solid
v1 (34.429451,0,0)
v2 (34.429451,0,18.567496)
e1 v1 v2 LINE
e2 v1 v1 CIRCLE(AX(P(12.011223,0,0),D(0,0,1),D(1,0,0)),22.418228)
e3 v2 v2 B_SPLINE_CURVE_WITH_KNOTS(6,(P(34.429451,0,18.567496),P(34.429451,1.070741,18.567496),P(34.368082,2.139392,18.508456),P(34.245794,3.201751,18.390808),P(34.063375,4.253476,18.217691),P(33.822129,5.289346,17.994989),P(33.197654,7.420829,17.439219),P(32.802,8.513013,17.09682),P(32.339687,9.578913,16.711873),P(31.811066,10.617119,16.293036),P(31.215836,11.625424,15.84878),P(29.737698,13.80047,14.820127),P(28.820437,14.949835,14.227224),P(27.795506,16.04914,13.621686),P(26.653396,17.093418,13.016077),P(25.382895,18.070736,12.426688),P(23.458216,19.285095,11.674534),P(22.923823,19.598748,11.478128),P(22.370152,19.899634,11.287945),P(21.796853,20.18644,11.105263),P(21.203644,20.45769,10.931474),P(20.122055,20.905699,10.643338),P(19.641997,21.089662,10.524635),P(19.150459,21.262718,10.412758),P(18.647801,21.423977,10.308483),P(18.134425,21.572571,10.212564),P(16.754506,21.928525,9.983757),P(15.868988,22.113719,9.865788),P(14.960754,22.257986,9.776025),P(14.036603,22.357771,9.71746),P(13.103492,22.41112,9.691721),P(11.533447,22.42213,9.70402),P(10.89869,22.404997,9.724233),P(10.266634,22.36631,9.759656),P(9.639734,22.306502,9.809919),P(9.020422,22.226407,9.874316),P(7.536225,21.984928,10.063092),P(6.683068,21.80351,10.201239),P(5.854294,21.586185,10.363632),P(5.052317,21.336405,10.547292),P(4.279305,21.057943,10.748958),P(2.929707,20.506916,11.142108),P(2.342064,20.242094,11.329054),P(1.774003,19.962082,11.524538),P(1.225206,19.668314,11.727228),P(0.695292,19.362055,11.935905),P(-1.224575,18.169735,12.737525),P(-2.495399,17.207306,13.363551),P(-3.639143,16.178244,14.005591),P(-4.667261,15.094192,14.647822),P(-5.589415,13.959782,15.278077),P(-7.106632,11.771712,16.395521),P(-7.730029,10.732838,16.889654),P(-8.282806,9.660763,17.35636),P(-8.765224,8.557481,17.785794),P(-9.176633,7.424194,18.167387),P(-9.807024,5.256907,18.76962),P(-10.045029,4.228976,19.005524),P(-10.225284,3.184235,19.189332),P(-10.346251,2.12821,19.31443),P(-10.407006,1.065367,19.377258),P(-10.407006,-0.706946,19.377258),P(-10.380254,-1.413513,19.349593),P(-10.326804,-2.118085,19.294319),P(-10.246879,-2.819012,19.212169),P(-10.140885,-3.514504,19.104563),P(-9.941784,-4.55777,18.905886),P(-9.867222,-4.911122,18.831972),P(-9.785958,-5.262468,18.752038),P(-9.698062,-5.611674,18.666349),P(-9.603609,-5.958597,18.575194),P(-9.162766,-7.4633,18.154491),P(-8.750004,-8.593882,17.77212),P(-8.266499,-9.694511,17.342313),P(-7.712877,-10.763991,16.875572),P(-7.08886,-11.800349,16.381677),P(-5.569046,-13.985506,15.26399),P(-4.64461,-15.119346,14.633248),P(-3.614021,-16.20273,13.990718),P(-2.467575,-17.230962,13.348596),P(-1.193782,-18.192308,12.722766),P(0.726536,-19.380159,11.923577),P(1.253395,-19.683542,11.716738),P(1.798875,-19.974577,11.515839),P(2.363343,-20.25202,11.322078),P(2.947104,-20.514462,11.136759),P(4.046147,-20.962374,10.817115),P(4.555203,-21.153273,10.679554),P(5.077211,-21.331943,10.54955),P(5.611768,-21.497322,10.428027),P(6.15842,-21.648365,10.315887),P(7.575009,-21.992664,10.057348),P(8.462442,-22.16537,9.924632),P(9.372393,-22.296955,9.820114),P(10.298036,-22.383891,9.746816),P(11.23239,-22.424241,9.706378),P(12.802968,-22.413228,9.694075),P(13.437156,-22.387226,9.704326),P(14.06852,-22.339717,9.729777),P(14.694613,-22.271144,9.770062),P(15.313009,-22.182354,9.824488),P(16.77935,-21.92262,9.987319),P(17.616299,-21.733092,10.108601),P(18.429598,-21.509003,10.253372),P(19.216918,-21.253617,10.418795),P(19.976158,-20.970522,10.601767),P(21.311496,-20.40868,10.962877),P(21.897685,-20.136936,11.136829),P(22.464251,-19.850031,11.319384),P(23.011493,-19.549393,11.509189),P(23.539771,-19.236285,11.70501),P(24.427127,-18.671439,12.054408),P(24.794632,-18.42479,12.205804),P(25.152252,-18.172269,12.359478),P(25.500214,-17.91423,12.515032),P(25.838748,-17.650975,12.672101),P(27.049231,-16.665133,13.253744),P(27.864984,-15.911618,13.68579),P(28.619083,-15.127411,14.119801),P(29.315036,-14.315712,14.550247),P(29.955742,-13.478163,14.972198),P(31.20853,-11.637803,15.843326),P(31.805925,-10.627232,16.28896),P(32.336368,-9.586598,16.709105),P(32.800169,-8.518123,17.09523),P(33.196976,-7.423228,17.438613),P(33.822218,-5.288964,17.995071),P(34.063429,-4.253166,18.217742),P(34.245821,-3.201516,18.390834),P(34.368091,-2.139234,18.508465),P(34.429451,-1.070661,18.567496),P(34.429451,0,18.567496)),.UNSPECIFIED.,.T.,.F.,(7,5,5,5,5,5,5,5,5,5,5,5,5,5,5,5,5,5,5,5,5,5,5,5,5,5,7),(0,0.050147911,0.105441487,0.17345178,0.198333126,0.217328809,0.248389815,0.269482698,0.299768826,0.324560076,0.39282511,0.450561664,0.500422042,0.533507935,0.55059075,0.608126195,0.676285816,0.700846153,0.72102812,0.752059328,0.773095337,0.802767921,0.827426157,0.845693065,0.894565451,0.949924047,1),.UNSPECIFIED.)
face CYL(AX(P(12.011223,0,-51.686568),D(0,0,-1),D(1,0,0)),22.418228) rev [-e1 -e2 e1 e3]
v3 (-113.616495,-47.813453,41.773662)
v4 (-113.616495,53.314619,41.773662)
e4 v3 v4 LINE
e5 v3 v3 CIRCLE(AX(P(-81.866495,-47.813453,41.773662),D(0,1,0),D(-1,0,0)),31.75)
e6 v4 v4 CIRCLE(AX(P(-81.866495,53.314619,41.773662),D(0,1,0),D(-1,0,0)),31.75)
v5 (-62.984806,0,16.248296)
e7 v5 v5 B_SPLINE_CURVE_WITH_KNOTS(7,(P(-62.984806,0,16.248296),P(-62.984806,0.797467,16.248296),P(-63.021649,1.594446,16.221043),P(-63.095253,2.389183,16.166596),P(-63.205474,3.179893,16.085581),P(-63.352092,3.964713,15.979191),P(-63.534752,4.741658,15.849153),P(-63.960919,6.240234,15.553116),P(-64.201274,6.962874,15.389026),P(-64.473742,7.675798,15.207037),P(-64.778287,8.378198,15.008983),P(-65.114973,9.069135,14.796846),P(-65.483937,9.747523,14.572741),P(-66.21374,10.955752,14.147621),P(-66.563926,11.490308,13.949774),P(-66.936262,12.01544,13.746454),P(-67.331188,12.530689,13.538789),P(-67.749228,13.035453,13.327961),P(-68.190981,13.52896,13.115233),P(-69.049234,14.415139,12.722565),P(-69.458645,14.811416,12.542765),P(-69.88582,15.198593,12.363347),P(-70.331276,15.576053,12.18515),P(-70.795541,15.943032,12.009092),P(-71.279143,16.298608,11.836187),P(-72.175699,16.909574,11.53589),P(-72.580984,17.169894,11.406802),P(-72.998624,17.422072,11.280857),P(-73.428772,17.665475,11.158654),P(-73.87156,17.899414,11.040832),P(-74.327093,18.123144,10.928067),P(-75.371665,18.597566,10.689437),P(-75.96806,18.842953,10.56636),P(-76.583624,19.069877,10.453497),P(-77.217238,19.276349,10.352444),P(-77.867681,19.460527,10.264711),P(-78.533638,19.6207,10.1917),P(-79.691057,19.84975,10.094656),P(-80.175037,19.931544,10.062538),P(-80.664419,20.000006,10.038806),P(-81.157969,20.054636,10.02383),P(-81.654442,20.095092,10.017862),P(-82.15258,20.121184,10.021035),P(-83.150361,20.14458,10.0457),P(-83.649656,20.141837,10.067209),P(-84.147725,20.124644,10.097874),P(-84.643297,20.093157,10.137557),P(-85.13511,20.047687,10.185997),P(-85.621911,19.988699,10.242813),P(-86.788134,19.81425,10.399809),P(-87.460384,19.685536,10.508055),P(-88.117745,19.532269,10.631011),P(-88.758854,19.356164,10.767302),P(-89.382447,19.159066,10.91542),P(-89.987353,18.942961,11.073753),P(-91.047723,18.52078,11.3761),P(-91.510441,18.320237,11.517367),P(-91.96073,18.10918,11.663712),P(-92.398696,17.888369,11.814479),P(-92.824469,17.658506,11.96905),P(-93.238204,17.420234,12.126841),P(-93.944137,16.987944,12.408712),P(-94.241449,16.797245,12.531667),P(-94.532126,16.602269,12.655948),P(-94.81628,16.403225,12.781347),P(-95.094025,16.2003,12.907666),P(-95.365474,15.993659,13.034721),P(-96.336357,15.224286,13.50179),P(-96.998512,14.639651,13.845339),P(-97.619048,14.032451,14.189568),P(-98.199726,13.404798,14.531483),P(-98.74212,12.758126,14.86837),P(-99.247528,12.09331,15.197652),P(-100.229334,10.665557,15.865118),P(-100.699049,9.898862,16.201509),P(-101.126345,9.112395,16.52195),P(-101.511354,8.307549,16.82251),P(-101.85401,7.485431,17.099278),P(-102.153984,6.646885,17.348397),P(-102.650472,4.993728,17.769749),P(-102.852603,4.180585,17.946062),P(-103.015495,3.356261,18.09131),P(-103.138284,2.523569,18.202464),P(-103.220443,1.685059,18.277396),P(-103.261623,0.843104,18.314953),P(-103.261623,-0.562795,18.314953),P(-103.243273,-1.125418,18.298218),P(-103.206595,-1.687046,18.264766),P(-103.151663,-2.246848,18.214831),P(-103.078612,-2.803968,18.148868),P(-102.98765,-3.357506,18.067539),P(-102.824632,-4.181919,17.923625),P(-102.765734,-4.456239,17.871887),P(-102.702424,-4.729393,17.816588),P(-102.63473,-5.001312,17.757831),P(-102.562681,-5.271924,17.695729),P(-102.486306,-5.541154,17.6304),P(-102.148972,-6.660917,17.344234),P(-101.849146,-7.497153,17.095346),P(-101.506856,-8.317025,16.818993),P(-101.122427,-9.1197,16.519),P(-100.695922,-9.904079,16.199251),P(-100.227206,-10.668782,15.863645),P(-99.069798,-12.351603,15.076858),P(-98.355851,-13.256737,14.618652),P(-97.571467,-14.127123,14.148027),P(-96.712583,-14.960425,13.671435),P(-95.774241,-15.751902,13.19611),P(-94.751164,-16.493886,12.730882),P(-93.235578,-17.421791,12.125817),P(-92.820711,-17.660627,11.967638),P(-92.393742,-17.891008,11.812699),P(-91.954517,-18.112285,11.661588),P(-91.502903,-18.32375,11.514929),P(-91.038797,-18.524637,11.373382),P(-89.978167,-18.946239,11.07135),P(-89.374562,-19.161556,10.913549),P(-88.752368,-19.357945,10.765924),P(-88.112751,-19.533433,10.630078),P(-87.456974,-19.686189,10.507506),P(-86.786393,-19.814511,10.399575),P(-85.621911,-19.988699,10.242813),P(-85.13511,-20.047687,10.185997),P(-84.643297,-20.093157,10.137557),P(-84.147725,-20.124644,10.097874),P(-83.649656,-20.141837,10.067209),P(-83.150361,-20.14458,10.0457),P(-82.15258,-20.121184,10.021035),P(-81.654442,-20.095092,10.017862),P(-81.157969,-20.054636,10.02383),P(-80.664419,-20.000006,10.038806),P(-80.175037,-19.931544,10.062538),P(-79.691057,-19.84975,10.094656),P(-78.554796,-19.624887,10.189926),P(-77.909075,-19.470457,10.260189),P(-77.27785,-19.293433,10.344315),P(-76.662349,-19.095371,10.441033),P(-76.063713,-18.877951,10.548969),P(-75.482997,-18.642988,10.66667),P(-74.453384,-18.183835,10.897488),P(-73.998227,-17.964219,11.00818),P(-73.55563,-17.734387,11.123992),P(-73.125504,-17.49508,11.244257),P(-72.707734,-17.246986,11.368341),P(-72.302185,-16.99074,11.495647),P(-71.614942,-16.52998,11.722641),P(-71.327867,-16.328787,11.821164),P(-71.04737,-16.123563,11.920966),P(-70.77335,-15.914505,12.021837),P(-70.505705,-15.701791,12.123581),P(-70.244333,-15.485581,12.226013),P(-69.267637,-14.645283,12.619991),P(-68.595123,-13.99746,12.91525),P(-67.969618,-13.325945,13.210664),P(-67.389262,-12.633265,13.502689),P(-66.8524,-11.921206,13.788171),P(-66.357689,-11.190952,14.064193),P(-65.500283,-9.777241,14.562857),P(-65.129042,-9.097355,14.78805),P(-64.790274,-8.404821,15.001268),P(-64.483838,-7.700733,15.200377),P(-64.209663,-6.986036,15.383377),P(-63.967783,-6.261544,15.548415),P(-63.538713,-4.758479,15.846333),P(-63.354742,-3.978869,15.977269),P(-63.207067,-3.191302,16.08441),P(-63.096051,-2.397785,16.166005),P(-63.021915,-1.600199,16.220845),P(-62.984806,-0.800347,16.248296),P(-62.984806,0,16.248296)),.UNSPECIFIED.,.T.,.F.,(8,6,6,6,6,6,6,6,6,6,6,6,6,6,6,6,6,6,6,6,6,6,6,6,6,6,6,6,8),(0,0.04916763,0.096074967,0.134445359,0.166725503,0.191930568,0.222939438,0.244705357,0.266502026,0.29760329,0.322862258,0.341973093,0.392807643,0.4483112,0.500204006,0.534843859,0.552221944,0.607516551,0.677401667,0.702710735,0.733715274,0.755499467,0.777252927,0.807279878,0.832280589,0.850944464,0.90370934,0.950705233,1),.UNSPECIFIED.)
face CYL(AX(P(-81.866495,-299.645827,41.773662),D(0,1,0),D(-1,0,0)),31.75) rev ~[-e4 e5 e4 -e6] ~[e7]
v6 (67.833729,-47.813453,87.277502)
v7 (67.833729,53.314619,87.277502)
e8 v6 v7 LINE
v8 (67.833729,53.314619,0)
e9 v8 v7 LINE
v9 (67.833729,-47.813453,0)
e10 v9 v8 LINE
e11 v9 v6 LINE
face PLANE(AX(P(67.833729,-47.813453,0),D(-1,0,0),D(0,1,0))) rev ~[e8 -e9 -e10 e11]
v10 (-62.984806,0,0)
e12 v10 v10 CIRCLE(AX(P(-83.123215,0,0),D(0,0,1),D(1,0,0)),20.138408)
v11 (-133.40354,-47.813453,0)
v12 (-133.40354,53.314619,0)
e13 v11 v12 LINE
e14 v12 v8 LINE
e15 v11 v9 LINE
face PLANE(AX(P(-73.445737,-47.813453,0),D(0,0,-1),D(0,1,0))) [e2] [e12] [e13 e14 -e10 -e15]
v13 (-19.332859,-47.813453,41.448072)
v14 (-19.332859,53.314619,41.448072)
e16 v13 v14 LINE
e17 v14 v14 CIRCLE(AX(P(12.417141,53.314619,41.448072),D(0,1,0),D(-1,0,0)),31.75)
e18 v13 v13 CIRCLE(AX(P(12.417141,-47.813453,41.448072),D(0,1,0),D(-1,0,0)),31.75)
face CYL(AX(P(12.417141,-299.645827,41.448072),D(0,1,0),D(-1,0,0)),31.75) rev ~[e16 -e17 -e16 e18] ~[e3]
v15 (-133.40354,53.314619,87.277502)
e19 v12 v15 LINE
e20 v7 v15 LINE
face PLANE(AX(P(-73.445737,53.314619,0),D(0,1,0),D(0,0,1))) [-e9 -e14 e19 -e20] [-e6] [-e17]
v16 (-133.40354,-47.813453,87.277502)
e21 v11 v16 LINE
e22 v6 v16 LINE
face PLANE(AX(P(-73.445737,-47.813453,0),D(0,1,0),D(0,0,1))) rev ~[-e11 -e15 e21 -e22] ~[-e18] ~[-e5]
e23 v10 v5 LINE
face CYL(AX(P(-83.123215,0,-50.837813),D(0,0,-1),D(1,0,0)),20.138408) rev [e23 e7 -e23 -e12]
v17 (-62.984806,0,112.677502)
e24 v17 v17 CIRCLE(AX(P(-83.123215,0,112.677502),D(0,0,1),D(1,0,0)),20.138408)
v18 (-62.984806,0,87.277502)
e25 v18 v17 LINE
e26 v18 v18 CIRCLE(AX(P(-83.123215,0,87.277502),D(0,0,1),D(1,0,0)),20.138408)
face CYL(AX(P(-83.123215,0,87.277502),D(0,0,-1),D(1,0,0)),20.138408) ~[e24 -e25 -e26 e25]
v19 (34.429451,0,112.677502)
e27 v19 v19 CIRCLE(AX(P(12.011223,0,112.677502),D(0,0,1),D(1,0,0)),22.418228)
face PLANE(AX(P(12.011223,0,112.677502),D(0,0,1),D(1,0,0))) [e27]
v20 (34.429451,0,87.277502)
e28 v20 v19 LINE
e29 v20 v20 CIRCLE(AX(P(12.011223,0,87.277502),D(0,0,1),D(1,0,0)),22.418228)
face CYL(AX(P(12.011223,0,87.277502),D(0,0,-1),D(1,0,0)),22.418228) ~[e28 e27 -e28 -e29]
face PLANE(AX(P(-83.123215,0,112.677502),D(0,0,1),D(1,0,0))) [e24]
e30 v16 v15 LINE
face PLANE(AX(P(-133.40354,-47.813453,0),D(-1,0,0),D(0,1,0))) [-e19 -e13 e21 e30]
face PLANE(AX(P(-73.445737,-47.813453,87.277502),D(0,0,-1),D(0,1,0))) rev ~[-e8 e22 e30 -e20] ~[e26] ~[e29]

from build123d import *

# Parameters (mm, degrees)
F0_W      = 141.2794664502
F0_H      = 101.1280715466
F1_DEPTH  = 87.2775018215
F2_DEPTH  = 59.9578022957
F4_R      = 22.4182284803
F5_DEPTH  = 25.4
F3_R      = 20.138408071
F6_DEPTH  = 25.4
F7_DEPTH  = 164.3640697002
F8_DEPTH  = 163.5153144598
F9_DEPTH  = 63.5
F10_DEPTH = 63.5
F11_DEPTH = 25.4
F12_DEPTH = 25.4
F14_D     = 63.5
F17_D     = 63.5


with BuildPart() as f1:
    # F0 (on Top) → F1 (new body)
    with BuildSketch(Plane.XY):
        with Locations((-2.8060041368, 2.750582993)):
            Rectangle(F0_W, F0_H)
    extrude(amount=F1_DEPTH)

    # F2 (add): a face of the model
    f2_faces = [f1.faces().sort_by_distance(p)[0] for p in [
        (-73.4457373619, 2.750582993, 43.6387509108),
    ]]
    extrude(f2_faces, amount=F2_DEPTH)

    # F4 (on face) → F5 (join)
    with BuildSketch(Plane.XY.offset(87.2775018215)):
        with Locations((12.0112225413, 0)):
            Circle(F4_R)
    extrude(amount=F5_DEPTH)

    # F3 (on face) → F6 (join)
    with BuildSketch(Plane.XY.offset(87.2775018215)):
        with Locations((-83.1232145429, 0)):
            Circle(F3_R)
    extrude(amount=F6_DEPTH)

    # F7 (add): a face of the model
    f7_faces = [f1.faces().sort_by_distance(p)[0] for p in [
        (12.0112225413, 0, 112.6775018215),
    ]]
    extrude(f7_faces, amount=-F7_DEPTH)

    # F8 (add): a face of the model
    f8_faces = [f1.faces().sort_by_distance(p)[0] for p in [
        (-83.1232145429, 0, 112.6775018215),
    ]]
    extrude(f8_faces, amount=-F8_DEPTH)

    # F9 (cut): a face of the model
    f9_faces = [f1.faces().sort_by_distance(p)[0] for p in [
        (-83.1232145429, 0, -50.8378126383),
    ]]
    extrude(f9_faces, amount=-F9_DEPTH, mode=Mode.SUBTRACT)

    # F10 (cut): a face of the model
    f10_faces = [f1.faces().sort_by_distance(p)[0] for p in [
        (12.0112225413, 0, -51.6865678787),
    ]]
    extrude(f10_faces, amount=-F10_DEPTH, mode=Mode.SUBTRACT)

    # F11 (cut): a face of the model
    f11_faces = [f1.faces().sort_by_distance(p)[0] for p in [
        (-83.1232145429, 0, 12.6621873617),
    ]]
    extrude(f11_faces, amount=-F11_DEPTH, mode=Mode.SUBTRACT)

    # F12 (cut): a face of the model
    f12_faces = [f1.faces().sort_by_distance(p)[0] for p in [
        (12.0112225413, 0, 11.8134321213),
    ]]
    extrude(f12_faces, amount=-F12_DEPTH, mode=Mode.SUBTRACT)

    # F14 (through all)
    with Locations(Plane.XZ.offset(47.8134527802)):
        with Locations((12.4171413481, 41.448071599)):
            Hole(F14_D / 2)

    # F17 (through all)
    with Locations(Plane.XZ.offset(47.8134527802)):
        with Locations((-81.8664953113, 41.7736619711)):
            Hole(F17_D / 2)


solid = f1.part
